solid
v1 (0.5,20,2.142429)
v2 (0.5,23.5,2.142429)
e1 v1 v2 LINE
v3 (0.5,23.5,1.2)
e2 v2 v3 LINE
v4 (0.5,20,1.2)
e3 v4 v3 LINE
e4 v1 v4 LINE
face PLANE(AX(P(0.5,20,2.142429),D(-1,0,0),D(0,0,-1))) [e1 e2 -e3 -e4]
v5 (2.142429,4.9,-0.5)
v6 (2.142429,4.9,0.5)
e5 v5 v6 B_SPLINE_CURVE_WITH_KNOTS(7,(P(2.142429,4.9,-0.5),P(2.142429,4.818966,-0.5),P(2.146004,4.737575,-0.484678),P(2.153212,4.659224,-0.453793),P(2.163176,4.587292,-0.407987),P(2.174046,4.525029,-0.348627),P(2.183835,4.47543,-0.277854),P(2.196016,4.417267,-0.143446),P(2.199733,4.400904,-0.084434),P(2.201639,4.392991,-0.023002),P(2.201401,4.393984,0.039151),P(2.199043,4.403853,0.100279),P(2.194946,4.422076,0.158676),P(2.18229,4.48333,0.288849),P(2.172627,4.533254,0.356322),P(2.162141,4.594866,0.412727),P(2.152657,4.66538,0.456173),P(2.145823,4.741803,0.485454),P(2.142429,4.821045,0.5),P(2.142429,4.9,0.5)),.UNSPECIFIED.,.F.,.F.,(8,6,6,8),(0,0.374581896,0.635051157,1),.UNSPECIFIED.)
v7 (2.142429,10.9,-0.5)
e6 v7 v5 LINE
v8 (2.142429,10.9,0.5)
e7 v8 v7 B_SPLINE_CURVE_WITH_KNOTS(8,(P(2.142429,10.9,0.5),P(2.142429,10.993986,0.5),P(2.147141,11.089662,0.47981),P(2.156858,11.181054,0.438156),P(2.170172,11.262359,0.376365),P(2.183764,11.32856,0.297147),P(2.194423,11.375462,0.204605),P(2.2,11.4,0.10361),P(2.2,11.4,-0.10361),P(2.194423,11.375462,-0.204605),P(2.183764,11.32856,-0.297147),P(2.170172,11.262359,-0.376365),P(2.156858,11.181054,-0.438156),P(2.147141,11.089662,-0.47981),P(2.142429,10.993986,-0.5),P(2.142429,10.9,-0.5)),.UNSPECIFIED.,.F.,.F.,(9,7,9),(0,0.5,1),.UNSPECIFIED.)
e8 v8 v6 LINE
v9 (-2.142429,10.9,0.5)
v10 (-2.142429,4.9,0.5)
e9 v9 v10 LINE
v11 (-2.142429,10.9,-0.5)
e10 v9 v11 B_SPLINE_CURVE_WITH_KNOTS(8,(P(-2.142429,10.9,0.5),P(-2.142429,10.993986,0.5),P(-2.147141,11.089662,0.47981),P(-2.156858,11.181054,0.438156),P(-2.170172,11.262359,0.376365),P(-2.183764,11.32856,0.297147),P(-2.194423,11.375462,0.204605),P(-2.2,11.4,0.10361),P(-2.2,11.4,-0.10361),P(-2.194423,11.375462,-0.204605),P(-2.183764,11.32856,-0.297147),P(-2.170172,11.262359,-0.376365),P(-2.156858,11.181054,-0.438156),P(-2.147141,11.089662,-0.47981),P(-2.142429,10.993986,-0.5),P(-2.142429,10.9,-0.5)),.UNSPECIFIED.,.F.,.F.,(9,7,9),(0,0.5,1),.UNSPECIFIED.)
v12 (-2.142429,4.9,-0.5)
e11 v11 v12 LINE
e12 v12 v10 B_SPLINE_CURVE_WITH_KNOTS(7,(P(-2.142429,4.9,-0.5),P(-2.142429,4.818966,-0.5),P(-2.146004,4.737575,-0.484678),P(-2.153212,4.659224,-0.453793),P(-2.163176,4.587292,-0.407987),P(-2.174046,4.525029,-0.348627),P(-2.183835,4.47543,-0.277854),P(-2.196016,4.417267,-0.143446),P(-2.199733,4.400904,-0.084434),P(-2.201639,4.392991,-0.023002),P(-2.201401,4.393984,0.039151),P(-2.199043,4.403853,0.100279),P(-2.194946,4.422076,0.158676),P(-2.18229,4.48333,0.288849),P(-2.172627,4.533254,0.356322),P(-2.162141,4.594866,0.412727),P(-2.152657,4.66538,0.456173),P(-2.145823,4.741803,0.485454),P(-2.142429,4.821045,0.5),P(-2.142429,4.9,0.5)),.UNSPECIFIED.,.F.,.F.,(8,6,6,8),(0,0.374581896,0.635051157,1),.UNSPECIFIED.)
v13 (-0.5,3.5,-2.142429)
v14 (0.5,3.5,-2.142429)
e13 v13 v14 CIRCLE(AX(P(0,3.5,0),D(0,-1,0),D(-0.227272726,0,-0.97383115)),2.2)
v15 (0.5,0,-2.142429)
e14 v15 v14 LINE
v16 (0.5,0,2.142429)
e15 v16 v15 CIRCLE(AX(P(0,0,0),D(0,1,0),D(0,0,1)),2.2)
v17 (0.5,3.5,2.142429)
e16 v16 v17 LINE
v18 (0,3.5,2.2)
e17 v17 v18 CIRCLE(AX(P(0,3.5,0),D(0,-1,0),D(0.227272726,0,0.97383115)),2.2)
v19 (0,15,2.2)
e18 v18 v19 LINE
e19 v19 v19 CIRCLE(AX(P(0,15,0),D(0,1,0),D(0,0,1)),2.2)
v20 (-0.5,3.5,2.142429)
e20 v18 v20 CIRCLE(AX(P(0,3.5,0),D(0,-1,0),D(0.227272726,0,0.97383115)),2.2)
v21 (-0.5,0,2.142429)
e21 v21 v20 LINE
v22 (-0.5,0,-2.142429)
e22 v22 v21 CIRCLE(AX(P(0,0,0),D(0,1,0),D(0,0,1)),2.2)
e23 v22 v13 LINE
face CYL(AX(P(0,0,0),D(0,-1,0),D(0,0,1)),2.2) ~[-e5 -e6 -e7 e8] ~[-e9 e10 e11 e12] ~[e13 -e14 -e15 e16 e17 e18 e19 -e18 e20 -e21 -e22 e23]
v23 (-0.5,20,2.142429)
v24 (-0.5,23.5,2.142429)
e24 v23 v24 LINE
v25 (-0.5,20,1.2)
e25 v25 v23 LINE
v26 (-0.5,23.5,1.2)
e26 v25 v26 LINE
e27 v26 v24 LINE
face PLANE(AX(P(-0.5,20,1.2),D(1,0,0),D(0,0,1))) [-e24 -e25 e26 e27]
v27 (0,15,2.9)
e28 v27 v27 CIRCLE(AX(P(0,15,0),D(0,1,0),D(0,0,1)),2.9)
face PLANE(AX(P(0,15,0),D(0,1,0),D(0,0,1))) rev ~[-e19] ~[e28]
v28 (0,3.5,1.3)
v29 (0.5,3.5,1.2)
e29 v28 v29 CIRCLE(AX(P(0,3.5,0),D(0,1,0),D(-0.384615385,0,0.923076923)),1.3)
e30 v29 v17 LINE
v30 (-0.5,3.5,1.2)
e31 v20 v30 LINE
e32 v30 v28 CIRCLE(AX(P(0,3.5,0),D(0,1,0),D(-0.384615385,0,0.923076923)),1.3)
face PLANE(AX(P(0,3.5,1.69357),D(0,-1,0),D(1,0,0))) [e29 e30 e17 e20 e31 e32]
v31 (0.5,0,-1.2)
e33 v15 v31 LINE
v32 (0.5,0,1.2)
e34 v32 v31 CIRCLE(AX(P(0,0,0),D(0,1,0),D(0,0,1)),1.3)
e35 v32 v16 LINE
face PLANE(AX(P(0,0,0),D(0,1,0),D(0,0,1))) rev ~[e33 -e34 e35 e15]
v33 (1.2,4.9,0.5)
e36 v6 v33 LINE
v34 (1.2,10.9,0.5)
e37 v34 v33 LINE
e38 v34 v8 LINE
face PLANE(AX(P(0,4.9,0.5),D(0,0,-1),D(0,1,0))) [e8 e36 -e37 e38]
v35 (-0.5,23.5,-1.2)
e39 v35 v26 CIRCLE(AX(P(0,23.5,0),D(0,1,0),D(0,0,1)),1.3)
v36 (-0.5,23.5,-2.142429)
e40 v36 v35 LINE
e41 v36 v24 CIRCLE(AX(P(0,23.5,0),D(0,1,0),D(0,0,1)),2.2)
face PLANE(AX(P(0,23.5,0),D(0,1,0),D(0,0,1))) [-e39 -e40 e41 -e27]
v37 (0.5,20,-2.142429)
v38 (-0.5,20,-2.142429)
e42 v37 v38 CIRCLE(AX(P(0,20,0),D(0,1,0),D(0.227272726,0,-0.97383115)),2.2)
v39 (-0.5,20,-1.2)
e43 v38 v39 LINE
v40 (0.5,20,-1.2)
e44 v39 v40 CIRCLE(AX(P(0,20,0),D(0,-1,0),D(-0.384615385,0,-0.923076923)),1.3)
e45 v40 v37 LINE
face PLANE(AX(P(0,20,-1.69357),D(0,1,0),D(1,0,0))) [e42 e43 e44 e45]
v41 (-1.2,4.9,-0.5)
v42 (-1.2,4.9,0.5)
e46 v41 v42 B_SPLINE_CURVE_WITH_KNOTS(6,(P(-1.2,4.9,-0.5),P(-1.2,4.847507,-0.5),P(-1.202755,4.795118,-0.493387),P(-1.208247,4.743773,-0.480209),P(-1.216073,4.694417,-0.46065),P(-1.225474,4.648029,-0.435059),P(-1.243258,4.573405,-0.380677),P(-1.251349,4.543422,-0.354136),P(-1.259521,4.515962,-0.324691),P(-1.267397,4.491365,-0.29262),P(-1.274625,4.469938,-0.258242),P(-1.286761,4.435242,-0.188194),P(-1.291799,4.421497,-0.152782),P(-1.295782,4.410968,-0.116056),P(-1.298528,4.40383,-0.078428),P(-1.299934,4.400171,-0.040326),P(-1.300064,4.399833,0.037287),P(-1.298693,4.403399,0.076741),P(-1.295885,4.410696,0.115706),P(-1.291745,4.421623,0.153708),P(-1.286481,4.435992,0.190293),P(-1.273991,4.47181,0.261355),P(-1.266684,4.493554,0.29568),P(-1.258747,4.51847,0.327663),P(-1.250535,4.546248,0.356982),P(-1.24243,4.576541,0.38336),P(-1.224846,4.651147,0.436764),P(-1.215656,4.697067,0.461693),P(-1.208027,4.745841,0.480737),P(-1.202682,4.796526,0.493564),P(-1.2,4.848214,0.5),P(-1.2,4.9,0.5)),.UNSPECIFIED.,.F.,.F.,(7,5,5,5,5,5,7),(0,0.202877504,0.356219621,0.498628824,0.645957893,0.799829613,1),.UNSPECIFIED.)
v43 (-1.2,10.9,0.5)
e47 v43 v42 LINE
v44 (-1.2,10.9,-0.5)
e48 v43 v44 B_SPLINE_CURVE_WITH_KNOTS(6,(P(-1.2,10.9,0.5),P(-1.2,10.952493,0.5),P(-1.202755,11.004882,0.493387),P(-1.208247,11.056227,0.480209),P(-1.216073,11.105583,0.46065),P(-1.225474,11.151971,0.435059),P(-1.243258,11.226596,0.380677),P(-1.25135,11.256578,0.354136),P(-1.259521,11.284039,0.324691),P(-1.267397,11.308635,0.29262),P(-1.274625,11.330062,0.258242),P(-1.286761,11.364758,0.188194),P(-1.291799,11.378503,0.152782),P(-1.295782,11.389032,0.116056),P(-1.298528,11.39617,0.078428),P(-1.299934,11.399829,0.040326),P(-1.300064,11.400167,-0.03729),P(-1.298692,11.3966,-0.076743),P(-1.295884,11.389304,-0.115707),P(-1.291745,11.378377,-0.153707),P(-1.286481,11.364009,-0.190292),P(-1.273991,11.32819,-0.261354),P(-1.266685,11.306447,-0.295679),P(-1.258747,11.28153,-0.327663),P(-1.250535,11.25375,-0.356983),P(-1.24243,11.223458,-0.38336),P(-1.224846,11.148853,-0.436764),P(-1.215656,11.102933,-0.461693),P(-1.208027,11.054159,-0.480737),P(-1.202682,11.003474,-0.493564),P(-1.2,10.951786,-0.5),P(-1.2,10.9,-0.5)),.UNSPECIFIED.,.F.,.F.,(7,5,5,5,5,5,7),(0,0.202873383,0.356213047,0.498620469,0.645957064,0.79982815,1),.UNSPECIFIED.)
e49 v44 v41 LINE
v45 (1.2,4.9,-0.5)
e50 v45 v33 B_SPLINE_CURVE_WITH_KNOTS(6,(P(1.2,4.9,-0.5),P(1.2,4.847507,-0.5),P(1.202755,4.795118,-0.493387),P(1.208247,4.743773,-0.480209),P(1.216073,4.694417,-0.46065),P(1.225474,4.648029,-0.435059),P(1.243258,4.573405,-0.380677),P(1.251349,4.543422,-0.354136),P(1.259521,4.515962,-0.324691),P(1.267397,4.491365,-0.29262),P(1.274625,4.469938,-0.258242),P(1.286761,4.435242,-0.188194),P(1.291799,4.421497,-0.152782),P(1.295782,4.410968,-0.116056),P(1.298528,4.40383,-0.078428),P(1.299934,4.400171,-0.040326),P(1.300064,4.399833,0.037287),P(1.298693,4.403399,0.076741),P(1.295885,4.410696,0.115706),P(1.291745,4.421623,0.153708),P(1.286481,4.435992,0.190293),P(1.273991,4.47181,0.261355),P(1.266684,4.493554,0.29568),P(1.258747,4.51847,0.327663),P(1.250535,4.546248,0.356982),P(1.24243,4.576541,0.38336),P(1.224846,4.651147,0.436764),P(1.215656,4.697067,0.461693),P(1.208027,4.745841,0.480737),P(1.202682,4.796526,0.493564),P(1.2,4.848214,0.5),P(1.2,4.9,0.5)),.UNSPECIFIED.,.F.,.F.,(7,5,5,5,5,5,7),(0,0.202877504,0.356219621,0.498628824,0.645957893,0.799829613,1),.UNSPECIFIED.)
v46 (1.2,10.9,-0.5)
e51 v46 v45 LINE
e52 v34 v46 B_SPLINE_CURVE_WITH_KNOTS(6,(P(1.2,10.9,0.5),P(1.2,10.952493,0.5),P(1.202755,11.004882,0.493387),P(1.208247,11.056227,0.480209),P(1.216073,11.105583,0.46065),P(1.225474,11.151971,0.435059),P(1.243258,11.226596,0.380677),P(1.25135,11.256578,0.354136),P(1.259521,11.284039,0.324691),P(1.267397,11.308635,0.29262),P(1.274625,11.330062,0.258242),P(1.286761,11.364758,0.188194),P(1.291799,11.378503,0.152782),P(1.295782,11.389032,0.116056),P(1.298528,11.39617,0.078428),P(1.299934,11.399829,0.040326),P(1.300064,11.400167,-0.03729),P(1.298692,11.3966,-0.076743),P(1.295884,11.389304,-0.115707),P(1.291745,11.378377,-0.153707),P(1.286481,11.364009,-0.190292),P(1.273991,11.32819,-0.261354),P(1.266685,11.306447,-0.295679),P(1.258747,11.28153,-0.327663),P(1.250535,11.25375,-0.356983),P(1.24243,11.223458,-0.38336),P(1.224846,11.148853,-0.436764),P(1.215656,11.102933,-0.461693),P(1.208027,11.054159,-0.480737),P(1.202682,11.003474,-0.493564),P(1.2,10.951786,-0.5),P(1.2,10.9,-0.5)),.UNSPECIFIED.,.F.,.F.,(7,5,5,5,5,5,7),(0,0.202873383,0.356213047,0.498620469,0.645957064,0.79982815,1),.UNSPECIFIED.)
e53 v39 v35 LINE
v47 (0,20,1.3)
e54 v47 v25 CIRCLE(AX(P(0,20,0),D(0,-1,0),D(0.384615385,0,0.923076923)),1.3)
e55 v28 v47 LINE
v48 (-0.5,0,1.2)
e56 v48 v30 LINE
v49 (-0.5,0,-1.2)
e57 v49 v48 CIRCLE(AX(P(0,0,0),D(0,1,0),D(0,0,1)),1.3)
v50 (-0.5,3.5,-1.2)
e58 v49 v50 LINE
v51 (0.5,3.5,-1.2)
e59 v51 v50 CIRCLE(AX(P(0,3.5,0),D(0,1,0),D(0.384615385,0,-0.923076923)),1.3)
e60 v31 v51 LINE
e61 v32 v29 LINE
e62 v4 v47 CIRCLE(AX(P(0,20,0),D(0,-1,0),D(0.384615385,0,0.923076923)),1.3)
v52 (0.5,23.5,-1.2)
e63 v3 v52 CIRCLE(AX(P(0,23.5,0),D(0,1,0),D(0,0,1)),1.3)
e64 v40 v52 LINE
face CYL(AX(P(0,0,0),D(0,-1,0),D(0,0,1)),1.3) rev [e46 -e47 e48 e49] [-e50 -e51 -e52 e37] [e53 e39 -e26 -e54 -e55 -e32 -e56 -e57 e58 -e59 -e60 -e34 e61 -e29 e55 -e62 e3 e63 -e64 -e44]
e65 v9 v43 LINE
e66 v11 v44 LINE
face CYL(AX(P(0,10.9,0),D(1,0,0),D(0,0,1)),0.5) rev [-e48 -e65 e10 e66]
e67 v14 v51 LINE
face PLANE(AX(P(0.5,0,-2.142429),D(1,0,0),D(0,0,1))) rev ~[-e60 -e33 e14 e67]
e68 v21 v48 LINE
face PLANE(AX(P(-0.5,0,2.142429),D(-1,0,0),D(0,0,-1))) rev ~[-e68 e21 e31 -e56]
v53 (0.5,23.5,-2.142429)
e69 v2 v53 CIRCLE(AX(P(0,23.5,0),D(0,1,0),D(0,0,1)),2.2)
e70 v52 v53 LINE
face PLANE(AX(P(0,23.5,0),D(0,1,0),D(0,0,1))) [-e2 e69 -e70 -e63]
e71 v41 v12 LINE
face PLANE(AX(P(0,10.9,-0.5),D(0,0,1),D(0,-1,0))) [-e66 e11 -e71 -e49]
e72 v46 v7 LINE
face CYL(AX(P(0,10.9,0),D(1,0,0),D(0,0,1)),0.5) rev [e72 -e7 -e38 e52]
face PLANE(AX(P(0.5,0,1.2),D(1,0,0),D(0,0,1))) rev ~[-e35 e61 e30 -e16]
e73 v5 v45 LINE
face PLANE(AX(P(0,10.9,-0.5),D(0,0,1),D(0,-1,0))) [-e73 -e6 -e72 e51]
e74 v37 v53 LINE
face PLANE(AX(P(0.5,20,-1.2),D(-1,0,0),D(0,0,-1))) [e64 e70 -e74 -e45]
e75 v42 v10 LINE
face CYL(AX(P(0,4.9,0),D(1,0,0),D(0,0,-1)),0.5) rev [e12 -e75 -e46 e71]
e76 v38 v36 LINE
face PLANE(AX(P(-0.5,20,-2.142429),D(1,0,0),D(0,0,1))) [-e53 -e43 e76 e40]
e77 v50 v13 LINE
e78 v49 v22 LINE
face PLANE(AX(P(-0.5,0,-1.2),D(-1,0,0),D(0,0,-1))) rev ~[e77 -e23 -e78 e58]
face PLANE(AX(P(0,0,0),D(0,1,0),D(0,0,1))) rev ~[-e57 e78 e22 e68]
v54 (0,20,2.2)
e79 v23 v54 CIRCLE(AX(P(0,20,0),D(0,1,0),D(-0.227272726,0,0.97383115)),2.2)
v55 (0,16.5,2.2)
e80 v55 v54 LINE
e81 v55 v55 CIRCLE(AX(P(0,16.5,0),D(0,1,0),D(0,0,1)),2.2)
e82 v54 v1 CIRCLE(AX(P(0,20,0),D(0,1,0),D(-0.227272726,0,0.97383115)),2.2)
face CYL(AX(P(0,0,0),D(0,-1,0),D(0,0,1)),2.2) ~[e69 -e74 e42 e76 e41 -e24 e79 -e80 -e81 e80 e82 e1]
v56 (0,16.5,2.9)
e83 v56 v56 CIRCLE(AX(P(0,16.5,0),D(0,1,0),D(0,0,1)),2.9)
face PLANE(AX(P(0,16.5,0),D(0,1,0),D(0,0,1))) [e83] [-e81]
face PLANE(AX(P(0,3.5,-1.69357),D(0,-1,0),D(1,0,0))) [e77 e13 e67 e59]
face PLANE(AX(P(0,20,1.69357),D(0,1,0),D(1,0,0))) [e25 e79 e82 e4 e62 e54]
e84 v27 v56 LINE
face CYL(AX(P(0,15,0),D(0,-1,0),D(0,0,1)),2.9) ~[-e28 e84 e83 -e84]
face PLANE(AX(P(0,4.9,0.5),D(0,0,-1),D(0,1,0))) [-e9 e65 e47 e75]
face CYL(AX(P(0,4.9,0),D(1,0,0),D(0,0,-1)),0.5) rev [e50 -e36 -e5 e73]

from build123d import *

# Parameters (mm, degrees)
SKETCH1_R           = 2.2
SKETCH1_R_2         = 1.3
BOSS_EXTRUDE1_DEPTH = 23.5
BOSS_EXTRUDE2_START = -1.5
SKETCH2_R           = 2.9
SKETCH2_R_2         = 2.2
BOSS_EXTRUDE2_DEPTH = 1.5
CUT_EXTRUDE1_START  = -3.5
CUT_EXTRUDE1_DEPTH  = 3.5
CUT_EXTRUDE2_DEPTH  = 3.5
CUT_EXTRUDE3_DEPTH  = 11.75


with BuildPart() as part:
    # Sketch1 → Boss-Extrude1 (new body)
    with BuildSketch(Plane(origin=(0, 0, 0), x_dir=(1, 0, 0), z_dir=(0, 1, 0))):
        with Locations(Location((0, 0, 0), (0, 0, 270))):
            Circle(SKETCH1_R)
        with Locations(Location((0, 0, 0), (0, 0, 270))):
            Circle(SKETCH1_R_2, mode=Mode.SUBTRACT)
    extrude(amount=BOSS_EXTRUDE1_DEPTH)

    # Sketch2 → Boss-Extrude2 (add)
    with BuildSketch(Plane(origin=(0, 16.5, 0), x_dir=(1, 0, 0), z_dir=(0, 1, 0)).offset(BOSS_EXTRUDE2_START)):
        with Locations(Location((0, 0, 0), (0, 0, 270))):
            Circle(SKETCH2_R)
        with Locations(Location((0, 0, 0), (0, 0, 270))):
            Circle(SKETCH2_R_2, mode=Mode.SUBTRACT)
    extrude(amount=BOSS_EXTRUDE2_DEPTH)

    # Sketch4 → Cut-Extrude1 (cut)
    with BuildSketch(Plane(origin=(0, 23.5, 0), x_dir=(1, 0, 0), z_dir=(0, 1, 0)).offset(CUT_EXTRUDE1_START)):
        with BuildLine():
            Line((-0.5, -1.2), (-0.5, -2.142428529))
            ThreePointArc((-0.5, -2.142428529), (0, -2.2), (0.5, -2.142428529))
            Line((0.5, -2.142428529), (0.5, -1.2))
            ThreePointArc((0.5, -1.2), (0, -1.3), (-0.5, -1.2))
        make_face()
        with BuildLine():
            ThreePointArc((0.5, 2.142428529), (0, 2.2), (-0.5, 2.142428529))
            Line((-0.5, 2.142428529), (-0.5, 1.2))
            ThreePointArc((-0.5, 1.2), (0, 1.3), (0.5, 1.2))
            Line((0.5, 1.2), (0.5, 2.142428529))
        make_face()
        with BuildLine():
            Line((-0.5, -1.2), (-0.5, -2.142428529))
            ThreePointArc((-0.5, -2.142428529), (0, -2.2), (0.5, -2.142428529))
            Line((0.5, -2.142428529), (0.5, -1.2))
            ThreePointArc((0.5, -1.2), (0, -1.3), (-0.5, -1.2))
        make_face()
        with BuildLine():
            ThreePointArc((0.5, 2.142428529), (0, 2.2), (-0.5, 2.142428529))
            Line((-0.5, 2.142428529), (-0.5, 1.2))
            ThreePointArc((-0.5, 1.2), (0, 1.3), (0.5, 1.2))
            Line((0.5, 1.2), (0.5, 2.142428529))
        make_face()
    extrude(amount=CUT_EXTRUDE1_DEPTH, mode=Mode.SUBTRACT)

    # Sketch5 → Cut-Extrude2 (cut)
    with BuildSketch(Plane.XZ):
        with BuildLine():
            ThreePointArc((0.5, 2.142428529), (0, 2.2), (-0.5, 2.142428529))
            Line((-0.5, 2.142428529), (-0.5, 1.2))
            ThreePointArc((-0.5, 1.2), (0, 1.3), (0.5, 1.2))
            Line((0.5, 1.2), (0.5, 2.142428529))
        make_face()
        with BuildLine():
            Line((-0.5, -1.2), (-0.5, -2.142428529))
            ThreePointArc((-0.5, -2.142428529), (0, -2.2), (0.5, -2.142428529))
            Line((0.5, -2.142428529), (0.5, -1.2))
            ThreePointArc((0.5, -1.2), (0, -1.3), (-0.5, -1.2))
        make_face()
        with BuildLine():
            ThreePointArc((0.5, 2.142428529), (0, 2.2), (-0.5, 2.142428529))
            Line((-0.5, 2.142428529), (-0.5, 1.2))
            ThreePointArc((-0.5, 1.2), (0, 1.3), (0.5, 1.2))
            Line((0.5, 1.2), (0.5, 2.142428529))
        make_face()
        with BuildLine():
            Line((-0.5, -1.2), (-0.5, -2.142428529))
            ThreePointArc((-0.5, -2.142428529), (0, -2.2), (0.5, -2.142428529))
            Line((0.5, -2.142428529), (0.5, -1.2))
            ThreePointArc((0.5, -1.2), (0, -1.3), (-0.5, -1.2))
        make_face()
    extrude(amount=-CUT_EXTRUDE2_DEPTH, mode=Mode.SUBTRACT)

    # Sketch6 → Cut-Extrude3 (cut, symmetric)
    with BuildSketch(Plane(origin=(0, 0, 0), x_dir=(0, 0, -1), z_dir=(1, 0, 0))):
        with BuildLine():
            Line((0.5, 10.9), (0.5, 4.9))
            ThreePointArc((0.5, 4.9), (0, 4.4), (-0.5, 4.9))
            Line((-0.5, 4.9), (-0.5, 10.9))
            ThreePointArc((-0.5, 10.9), (0, 11.4), (0.5, 10.9))
        make_face()
    extrude(amount=CUT_EXTRUDE3_DEPTH, both=True, mode=Mode.SUBTRACT)


solid = part.part
